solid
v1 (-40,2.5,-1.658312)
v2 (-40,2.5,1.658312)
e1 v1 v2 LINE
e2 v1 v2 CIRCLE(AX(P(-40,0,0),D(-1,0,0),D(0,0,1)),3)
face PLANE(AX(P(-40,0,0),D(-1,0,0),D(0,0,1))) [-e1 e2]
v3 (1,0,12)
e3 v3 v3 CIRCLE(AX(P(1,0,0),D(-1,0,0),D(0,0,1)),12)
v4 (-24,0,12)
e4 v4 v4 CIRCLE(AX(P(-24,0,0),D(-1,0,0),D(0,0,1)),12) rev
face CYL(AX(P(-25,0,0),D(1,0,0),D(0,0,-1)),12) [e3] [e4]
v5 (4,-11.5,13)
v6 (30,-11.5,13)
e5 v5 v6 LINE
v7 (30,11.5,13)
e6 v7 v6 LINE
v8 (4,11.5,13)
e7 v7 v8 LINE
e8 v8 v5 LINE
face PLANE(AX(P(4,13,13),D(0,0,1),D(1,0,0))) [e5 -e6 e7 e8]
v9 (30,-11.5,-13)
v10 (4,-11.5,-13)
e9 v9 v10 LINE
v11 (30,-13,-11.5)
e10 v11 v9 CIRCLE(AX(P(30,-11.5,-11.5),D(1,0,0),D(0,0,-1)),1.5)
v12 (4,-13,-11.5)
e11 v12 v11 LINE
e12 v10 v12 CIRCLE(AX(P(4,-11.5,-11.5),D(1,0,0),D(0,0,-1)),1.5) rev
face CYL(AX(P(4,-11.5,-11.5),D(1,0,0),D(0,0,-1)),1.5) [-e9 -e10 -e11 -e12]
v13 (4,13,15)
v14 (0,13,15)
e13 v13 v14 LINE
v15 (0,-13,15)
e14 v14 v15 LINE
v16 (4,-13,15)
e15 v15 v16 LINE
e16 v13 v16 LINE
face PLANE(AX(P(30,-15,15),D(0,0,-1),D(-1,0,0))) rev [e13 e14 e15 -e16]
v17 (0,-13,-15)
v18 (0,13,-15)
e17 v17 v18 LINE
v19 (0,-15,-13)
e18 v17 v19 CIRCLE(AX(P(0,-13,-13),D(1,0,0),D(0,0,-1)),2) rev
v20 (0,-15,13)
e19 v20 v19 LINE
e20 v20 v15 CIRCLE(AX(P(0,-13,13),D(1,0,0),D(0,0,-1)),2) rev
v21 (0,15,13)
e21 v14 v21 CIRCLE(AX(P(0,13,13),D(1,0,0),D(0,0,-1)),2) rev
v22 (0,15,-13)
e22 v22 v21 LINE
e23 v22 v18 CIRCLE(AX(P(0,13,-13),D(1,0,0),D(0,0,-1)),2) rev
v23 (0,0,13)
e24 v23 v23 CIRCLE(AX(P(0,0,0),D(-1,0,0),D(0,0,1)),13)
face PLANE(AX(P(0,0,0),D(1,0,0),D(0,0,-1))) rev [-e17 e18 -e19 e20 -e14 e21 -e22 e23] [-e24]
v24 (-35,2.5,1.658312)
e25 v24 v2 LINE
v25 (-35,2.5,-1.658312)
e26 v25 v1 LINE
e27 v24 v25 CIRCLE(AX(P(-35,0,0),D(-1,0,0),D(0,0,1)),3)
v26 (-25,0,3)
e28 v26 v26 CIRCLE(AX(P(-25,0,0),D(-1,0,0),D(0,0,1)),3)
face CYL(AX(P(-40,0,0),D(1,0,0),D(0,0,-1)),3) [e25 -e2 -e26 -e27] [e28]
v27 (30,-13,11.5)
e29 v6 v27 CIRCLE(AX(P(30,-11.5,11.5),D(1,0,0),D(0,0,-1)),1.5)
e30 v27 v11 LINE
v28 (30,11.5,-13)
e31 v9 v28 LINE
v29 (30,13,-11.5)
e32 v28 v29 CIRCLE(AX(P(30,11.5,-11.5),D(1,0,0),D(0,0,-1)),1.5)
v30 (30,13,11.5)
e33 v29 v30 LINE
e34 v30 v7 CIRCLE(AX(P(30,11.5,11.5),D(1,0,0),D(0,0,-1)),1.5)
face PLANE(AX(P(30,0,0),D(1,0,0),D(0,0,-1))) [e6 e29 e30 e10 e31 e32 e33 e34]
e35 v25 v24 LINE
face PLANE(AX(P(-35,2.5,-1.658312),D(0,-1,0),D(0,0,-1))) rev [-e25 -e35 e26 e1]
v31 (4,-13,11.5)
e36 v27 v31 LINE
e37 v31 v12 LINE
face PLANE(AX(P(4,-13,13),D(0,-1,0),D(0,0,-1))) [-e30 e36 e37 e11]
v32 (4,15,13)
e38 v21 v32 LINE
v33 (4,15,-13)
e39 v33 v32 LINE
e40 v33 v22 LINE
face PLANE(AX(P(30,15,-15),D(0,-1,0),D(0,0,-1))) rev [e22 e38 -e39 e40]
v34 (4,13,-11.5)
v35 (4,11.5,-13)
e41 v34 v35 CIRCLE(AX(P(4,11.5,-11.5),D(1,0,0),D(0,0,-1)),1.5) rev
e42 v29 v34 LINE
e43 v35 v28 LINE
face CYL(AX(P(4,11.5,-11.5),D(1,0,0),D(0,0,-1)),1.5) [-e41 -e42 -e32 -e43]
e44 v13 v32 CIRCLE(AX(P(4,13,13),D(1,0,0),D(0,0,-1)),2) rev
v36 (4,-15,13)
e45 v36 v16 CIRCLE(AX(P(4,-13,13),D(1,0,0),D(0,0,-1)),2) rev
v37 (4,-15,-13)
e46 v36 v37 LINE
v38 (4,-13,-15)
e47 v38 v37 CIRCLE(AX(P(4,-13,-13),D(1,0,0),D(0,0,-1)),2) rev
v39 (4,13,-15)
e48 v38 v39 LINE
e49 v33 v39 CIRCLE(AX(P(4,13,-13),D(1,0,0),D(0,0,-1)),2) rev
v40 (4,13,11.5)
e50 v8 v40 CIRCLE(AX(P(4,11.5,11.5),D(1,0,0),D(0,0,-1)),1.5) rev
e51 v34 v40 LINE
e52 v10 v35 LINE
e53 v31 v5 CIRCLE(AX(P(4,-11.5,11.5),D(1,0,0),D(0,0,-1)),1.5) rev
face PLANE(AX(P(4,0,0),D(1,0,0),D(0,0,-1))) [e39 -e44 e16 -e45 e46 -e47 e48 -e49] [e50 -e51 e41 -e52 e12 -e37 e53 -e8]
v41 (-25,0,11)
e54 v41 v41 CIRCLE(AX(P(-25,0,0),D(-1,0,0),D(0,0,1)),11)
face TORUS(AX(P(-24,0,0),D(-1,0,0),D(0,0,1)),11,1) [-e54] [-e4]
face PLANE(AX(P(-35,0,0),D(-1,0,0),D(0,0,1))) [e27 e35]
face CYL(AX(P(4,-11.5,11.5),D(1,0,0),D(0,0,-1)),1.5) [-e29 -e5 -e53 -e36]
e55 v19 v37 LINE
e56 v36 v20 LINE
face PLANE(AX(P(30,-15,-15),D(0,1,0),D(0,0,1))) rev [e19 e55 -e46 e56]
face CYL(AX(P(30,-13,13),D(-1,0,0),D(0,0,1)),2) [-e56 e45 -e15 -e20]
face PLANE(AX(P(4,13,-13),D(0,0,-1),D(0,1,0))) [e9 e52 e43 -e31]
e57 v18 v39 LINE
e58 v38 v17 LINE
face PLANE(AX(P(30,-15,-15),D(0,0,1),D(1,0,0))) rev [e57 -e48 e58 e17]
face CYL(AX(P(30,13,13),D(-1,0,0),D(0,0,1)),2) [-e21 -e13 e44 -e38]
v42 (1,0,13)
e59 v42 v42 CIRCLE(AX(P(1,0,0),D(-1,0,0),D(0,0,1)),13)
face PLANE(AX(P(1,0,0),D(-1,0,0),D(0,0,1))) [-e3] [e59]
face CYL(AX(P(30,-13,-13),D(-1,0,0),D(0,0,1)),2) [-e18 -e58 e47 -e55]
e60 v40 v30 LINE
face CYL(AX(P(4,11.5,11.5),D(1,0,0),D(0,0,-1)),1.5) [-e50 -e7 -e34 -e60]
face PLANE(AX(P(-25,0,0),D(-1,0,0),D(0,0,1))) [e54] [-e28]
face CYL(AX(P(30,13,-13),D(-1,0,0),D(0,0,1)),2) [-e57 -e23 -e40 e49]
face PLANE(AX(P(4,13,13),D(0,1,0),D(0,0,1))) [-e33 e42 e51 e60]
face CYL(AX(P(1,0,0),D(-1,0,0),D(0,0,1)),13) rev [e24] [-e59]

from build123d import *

# Parameters (mm, degrees)
SKETCH_1_W          = 30
SKETCH_1_H          = 30
EXTRUDE_1_DEPTH     = 30
SKETCH_2_R          = 12
EXTRUDE_2_DEPTH     = 25
SKETCH_3_R          = 13
SKETCH_3_R_2        = 12
CUT_EXTRUDE_1_DEPTH = 1
FILLET_1_R          = 2
FILLET_2_R          = 1
SKETCH_5_W          = 30
SKETCH_5_H          = 30
SKETCH_5_W_2        = 26
SKETCH_5_H_2        = 26
CUT_EXTRUDE_2_DEPTH = 26
FILLET_3_R          = 1.5
SKETCH_4_R          = 3
EXTRUDE_3_DEPTH     = 15
SKETCH_6_W          = 3.31662479
SKETCH_6_H          = 0.5
CUT_EXTRUDE_3_DEPTH = 5


with BuildPart() as part:
    # 草图1 → 凸台-拉伸1 (new body)
    with BuildSketch(Plane(origin=(0, 0, 0), x_dir=(0, 0, -1), z_dir=(1, 0, 0))):
        Rectangle(SKETCH_1_W, SKETCH_1_H)
    extrude(amount=EXTRUDE_1_DEPTH)

    # 草图2 → 凸台-拉伸2 (add)
    with BuildSketch(Plane.ZY):
        Circle(SKETCH_2_R)
    extrude(amount=EXTRUDE_2_DEPTH)

    # 草图3 → 切除-拉伸1 (cut)
    with BuildSketch(Plane.ZY):
        Circle(SKETCH_3_R)
        Circle(SKETCH_3_R_2, mode=Mode.SUBTRACT)
    extrude(amount=-CUT_EXTRUDE_1_DEPTH, mode=Mode.SUBTRACT)

    # 圆角1
    fillet_1_edges = [part.edges().sort_by_distance(p)[0] for p in [
        (15, 15, 15),
        (15, 15, -15),
        (15, -15, -15),
        (15, -15, 15),
    ]]
    fillet(fillet_1_edges, radius=FILLET_1_R)

    # 圆角2
    fillet_2_edges = [part.edges().sort_by_distance(p)[0] for p in [
        (-25, 0, -12),
    ]]
    fillet(fillet_2_edges, radius=FILLET_2_R)

    # 草图5 → 切除-拉伸2 (cut)
    with BuildSketch(Plane(origin=(30, 0, 0), x_dir=(0, 0, -1), z_dir=(1, 0, 0))):
        Rectangle(SKETCH_5_W, SKETCH_5_H)
        Rectangle(SKETCH_5_W_2, SKETCH_5_H_2, mode=Mode.SUBTRACT)
    extrude(amount=-CUT_EXTRUDE_2_DEPTH, mode=Mode.SUBTRACT)

    # 圆角3
    fillet_3_edges = [part.edges().sort_by_distance(p)[0] for p in [
        (17, 13, 13),
        (17, 13, -13),
        (17, -13, -13),
        (17, -13, 13),
    ]]
    fillet(fillet_3_edges, radius=FILLET_3_R)

    # 草图4 → 凸台-拉伸3 (add)
    with BuildSketch(Plane.ZY.offset(25)):
        Circle(SKETCH_4_R)
    extrude(amount=EXTRUDE_3_DEPTH)

    # 草图6 → 切除-拉伸3 (cut)
    with BuildSketch(Plane.ZY.offset(40)):
        with Locations((0, 2.75)):
            Rectangle(SKETCH_6_W, SKETCH_6_H)
    extrude(amount=-CUT_EXTRUDE_3_DEPTH, mode=Mode.SUBTRACT)


solid = part.part
